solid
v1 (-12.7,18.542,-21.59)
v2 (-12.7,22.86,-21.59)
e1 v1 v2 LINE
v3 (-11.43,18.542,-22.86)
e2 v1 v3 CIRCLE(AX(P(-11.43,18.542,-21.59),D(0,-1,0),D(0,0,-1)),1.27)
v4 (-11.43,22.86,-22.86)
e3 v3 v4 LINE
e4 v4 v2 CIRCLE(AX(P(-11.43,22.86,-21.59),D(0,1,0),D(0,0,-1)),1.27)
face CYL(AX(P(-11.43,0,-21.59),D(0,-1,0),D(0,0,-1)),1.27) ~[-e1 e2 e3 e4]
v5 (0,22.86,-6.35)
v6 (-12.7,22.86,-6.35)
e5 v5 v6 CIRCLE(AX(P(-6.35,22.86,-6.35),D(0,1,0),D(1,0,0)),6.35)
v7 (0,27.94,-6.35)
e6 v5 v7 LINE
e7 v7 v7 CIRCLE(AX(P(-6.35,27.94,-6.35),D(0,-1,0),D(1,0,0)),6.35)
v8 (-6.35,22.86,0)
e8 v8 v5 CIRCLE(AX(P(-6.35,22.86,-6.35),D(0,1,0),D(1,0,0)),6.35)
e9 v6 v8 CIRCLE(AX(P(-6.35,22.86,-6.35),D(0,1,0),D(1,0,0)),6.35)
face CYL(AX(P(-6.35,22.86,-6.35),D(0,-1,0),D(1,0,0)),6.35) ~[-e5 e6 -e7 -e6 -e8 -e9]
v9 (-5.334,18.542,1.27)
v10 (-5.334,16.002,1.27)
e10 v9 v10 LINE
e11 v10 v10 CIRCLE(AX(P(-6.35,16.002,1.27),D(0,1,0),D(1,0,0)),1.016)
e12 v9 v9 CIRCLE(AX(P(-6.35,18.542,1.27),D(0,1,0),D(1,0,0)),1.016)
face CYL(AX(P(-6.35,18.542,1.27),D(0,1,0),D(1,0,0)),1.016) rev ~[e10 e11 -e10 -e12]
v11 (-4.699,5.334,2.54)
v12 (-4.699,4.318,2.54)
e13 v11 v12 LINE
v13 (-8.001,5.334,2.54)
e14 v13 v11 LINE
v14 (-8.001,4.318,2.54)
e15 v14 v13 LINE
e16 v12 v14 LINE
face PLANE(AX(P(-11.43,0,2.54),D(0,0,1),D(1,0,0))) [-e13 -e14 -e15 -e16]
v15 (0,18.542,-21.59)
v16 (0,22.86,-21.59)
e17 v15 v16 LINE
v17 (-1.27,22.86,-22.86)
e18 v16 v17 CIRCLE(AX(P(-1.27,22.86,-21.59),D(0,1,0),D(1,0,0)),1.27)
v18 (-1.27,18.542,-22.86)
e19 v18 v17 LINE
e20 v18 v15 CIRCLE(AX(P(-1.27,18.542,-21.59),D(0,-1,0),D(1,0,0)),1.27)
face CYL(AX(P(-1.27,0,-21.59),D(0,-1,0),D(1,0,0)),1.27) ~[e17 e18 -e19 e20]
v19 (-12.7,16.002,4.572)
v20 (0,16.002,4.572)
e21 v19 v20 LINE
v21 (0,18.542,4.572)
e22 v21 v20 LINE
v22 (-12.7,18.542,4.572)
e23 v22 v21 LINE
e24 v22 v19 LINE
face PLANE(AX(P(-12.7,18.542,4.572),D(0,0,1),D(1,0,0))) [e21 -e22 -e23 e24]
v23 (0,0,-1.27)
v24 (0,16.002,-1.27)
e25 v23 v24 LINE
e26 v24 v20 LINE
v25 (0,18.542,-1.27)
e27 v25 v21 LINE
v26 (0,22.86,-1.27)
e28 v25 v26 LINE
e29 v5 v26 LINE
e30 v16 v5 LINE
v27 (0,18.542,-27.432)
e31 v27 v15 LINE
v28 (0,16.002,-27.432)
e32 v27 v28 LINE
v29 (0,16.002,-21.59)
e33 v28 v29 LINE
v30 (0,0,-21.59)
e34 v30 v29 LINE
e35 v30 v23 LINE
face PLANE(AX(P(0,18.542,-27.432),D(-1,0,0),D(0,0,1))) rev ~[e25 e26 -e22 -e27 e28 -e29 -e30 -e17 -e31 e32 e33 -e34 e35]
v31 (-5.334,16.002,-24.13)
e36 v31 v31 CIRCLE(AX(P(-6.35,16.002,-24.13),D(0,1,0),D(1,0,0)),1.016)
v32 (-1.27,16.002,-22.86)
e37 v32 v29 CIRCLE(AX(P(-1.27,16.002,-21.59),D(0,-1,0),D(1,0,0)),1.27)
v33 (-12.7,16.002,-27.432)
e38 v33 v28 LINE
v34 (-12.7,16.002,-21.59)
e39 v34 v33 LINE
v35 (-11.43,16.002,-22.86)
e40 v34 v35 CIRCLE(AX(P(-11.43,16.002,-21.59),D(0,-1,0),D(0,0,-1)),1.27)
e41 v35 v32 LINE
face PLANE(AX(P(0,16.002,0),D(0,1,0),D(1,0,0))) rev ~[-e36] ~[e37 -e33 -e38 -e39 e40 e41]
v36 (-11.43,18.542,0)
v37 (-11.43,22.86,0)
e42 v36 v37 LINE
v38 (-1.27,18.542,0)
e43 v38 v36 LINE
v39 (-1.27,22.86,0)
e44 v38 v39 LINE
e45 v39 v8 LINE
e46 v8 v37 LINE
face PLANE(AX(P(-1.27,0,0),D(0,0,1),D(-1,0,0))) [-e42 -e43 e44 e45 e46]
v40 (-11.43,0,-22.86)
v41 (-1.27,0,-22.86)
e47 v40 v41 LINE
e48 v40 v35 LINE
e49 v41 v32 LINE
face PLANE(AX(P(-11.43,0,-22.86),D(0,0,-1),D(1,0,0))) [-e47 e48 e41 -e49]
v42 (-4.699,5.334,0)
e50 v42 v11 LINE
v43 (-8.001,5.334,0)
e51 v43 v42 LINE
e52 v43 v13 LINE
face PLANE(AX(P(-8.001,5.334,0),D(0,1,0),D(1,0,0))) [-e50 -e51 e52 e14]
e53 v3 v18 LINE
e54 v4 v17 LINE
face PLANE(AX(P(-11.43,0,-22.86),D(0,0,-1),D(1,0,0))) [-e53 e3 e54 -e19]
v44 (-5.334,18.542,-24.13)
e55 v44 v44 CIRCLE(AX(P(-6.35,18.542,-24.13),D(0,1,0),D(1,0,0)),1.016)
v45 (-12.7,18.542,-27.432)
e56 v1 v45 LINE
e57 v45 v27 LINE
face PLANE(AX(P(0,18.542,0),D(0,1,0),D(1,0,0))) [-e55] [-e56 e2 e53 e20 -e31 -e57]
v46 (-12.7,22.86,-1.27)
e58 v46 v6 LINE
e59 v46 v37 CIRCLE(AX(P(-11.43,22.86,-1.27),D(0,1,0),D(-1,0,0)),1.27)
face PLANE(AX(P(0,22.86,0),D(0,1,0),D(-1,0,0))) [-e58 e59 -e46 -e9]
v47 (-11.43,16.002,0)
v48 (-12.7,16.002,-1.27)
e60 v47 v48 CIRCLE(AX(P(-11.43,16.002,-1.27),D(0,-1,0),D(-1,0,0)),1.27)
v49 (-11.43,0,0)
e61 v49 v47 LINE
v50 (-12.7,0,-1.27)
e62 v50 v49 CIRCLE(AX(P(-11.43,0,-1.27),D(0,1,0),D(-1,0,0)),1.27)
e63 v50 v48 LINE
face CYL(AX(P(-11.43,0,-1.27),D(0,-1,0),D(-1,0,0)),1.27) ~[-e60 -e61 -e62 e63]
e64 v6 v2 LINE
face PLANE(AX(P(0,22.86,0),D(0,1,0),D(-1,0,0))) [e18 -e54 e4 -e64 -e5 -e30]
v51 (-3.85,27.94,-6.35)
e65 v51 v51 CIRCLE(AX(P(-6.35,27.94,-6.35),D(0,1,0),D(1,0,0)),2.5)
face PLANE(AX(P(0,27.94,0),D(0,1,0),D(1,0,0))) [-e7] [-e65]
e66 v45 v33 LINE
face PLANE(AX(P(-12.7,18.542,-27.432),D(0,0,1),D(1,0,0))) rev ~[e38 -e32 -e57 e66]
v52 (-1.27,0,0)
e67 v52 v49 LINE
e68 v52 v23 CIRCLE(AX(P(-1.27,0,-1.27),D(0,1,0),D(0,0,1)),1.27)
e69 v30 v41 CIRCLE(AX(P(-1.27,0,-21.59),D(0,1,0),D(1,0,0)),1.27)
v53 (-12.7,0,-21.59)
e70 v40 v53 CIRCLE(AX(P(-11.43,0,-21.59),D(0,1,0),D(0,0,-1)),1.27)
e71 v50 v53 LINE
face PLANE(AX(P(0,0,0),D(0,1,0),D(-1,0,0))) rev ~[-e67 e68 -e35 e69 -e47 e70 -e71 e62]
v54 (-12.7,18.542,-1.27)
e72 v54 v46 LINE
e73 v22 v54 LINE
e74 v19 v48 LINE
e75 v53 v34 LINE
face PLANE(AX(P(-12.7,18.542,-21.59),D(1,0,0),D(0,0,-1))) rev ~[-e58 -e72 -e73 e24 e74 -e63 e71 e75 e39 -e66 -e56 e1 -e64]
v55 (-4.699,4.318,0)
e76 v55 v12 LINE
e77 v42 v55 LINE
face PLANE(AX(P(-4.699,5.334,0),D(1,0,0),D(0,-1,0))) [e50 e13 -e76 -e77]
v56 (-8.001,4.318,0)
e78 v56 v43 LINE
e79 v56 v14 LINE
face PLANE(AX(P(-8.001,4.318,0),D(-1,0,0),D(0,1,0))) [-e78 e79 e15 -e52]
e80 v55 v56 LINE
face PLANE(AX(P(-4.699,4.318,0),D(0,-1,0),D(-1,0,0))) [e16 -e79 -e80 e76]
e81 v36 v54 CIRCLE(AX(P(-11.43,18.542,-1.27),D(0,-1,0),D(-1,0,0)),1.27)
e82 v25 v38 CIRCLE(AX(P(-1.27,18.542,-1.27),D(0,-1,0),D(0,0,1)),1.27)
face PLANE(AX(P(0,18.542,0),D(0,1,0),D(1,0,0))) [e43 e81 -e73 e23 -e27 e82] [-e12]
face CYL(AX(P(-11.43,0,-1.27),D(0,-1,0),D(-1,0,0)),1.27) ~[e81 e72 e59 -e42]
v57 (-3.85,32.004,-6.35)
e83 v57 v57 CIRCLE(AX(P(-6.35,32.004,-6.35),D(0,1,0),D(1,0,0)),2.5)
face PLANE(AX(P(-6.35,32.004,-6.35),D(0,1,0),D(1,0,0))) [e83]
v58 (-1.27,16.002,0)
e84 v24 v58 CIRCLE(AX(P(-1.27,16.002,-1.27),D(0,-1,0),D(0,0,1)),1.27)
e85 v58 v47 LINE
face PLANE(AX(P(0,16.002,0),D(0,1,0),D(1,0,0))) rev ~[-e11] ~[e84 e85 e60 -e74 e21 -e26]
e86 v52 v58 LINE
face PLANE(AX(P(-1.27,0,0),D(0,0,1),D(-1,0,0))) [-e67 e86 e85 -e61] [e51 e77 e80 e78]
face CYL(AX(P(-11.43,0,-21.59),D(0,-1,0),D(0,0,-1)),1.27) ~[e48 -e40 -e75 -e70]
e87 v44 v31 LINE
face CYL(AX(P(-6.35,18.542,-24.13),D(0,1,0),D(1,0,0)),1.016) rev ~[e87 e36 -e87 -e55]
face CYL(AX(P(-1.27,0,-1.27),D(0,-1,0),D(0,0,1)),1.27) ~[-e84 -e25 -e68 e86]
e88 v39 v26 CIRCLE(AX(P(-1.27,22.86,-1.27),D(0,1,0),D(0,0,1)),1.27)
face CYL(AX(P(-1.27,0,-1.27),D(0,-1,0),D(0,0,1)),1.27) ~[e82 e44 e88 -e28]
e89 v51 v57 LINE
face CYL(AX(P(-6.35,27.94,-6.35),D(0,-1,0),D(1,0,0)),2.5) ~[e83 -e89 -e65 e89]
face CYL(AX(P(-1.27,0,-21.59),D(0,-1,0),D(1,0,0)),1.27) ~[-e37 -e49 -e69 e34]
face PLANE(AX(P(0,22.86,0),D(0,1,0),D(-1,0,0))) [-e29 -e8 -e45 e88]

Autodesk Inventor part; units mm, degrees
ref_plane "YZ Plane" through (0, 0, 0) normal (1, 0, 0) x (0, 1, 0)
ref_plane "XZ Plane" through (0, 0, 0) normal (0, 1, 0) x (-1, 0, 0)
sketch "Sketch1" plane through (0, 0, 0) normal (0, 1, 0) x (-1, 0, 0)
  line L0 (1.27, 0) -> (11.43, 0)
  line L1 (12.7, -1.27) -> (12.7, -21.59)
  line L2 (11.43, -22.86) -> (1.27, -22.86)
  line L3 (0, -21.59) -> (0, -1.27)
  arc A0 (12.7, -1.27) -> (11.43, 0) centre (11.43, -1.27) ccw
  arc A1 (1.27, 0) -> (0, -1.27) centre (1.27, -1.27) ccw
  arc A2 (0, -21.59) -> (1.27, -22.86) centre (1.27, -21.59) ccw
  arc A3 (11.43, -22.86) -> (12.7, -21.59) centre (11.43, -21.59) ccw
  point P0 (0, 0)
  point P1 (12.7, -22.86)
  point P2 (12.7, 0)
  point P3 (0, -22.86)
  dimension "d0" = 12.7
  dimension "d1" = 22.86
  dimension "d2" = 1.27
extrude "Extrusion1" add sketch "Sketch1" along normal blind 22.86
sketch "Sketch2" plane through (0, 22.86, 0) normal (0, 1, 0) x (1, 0, 0)
  line L0 (-12.7, 21.59) -> (-12.7, 1.27) projected
  line L1 (-11.43, 0) -> (-1.27, 0) projected
  line L2 (0, 1.27) -> (0, 21.59) projected
  circle A0 centre (-6.35, 6.35) radius 6.35
  point P0 (0, 0)
extrude "Extrusion2" add sketch "Sketch2" along normal blind 5.08
ref_plane "Work Plane1" through (0, 18.542, 0) normal (0, 1, 0) x (1, 0, 0)
sketch "Sketch5" plane through (0, 18.542, 0) normal (0, 1, 0) x (1, 0, 0)
  line L0 (-12.7, 27.432) -> (0, 27.432)
  line L1 (-12.7, 21.59) -> (-12.7, 1.27) projected
  line L2 (0, 1.27) -> (0, 21.59) projected
  circle A0 centre (-6.35, 24.13) radius 1.016
  line L3 (0, 11.43) -> (-12.7, 11.43) construction
  line L4 (-12.7, -4.572) -> (0, -4.572)
  circle A1 centre (-6.35, -1.27) radius 1.016
  line L5 (-12.7, -4.572) -> (-12.7, 27.432)
  line L6 (0, 27.432) -> (0, -4.572)
  point P0 (0, 0)
  dimension "d13" = 16.002
  dimension "d14" = 2.032
  dimension "d15" = 25.4
extrude "Extrusion4" add sketch "Sketch5" against normal blind 2.54
sketch "Sketch6" plane through (-11.43, 0, 0) normal (0, 0, 1) x (1, 0, 0)
  line L0 (3.429, 5.334) -> (6.731, 5.334)
  line L1 (6.731, 5.334) -> (6.731, 4.318)
  line L2 (6.731, 4.318) -> (3.429, 4.318)
  line L3 (3.429, 4.318) -> (3.429, 5.334)
  line L4 (0, 0) -> (10.16, 0) projected
  point P0 (11.43, 0)
  point P1 (5.08, 0)
  point P2 (5.08, 4.318)
  dimension "d18" = 3.302
  dimension "d19" = 1.016
  dimension "d20" = 4.318
extrude "Extrusion5" add sketch "Sketch6" along normal blind 2.54
sketch "Sketch7" plane through (-6.35, 27.94, -6.35) normal (0, 1, 0) x (1, 0, 0)
  circle A0 centre (0, 0) radius 2.5
  point P0 (6.35, -6.35)
  dimension "d23" = 5
extrude "Extrusion6" add sketch "Sketch7" along normal blind 4.064
properties part number "Servo_With_Attachment"
